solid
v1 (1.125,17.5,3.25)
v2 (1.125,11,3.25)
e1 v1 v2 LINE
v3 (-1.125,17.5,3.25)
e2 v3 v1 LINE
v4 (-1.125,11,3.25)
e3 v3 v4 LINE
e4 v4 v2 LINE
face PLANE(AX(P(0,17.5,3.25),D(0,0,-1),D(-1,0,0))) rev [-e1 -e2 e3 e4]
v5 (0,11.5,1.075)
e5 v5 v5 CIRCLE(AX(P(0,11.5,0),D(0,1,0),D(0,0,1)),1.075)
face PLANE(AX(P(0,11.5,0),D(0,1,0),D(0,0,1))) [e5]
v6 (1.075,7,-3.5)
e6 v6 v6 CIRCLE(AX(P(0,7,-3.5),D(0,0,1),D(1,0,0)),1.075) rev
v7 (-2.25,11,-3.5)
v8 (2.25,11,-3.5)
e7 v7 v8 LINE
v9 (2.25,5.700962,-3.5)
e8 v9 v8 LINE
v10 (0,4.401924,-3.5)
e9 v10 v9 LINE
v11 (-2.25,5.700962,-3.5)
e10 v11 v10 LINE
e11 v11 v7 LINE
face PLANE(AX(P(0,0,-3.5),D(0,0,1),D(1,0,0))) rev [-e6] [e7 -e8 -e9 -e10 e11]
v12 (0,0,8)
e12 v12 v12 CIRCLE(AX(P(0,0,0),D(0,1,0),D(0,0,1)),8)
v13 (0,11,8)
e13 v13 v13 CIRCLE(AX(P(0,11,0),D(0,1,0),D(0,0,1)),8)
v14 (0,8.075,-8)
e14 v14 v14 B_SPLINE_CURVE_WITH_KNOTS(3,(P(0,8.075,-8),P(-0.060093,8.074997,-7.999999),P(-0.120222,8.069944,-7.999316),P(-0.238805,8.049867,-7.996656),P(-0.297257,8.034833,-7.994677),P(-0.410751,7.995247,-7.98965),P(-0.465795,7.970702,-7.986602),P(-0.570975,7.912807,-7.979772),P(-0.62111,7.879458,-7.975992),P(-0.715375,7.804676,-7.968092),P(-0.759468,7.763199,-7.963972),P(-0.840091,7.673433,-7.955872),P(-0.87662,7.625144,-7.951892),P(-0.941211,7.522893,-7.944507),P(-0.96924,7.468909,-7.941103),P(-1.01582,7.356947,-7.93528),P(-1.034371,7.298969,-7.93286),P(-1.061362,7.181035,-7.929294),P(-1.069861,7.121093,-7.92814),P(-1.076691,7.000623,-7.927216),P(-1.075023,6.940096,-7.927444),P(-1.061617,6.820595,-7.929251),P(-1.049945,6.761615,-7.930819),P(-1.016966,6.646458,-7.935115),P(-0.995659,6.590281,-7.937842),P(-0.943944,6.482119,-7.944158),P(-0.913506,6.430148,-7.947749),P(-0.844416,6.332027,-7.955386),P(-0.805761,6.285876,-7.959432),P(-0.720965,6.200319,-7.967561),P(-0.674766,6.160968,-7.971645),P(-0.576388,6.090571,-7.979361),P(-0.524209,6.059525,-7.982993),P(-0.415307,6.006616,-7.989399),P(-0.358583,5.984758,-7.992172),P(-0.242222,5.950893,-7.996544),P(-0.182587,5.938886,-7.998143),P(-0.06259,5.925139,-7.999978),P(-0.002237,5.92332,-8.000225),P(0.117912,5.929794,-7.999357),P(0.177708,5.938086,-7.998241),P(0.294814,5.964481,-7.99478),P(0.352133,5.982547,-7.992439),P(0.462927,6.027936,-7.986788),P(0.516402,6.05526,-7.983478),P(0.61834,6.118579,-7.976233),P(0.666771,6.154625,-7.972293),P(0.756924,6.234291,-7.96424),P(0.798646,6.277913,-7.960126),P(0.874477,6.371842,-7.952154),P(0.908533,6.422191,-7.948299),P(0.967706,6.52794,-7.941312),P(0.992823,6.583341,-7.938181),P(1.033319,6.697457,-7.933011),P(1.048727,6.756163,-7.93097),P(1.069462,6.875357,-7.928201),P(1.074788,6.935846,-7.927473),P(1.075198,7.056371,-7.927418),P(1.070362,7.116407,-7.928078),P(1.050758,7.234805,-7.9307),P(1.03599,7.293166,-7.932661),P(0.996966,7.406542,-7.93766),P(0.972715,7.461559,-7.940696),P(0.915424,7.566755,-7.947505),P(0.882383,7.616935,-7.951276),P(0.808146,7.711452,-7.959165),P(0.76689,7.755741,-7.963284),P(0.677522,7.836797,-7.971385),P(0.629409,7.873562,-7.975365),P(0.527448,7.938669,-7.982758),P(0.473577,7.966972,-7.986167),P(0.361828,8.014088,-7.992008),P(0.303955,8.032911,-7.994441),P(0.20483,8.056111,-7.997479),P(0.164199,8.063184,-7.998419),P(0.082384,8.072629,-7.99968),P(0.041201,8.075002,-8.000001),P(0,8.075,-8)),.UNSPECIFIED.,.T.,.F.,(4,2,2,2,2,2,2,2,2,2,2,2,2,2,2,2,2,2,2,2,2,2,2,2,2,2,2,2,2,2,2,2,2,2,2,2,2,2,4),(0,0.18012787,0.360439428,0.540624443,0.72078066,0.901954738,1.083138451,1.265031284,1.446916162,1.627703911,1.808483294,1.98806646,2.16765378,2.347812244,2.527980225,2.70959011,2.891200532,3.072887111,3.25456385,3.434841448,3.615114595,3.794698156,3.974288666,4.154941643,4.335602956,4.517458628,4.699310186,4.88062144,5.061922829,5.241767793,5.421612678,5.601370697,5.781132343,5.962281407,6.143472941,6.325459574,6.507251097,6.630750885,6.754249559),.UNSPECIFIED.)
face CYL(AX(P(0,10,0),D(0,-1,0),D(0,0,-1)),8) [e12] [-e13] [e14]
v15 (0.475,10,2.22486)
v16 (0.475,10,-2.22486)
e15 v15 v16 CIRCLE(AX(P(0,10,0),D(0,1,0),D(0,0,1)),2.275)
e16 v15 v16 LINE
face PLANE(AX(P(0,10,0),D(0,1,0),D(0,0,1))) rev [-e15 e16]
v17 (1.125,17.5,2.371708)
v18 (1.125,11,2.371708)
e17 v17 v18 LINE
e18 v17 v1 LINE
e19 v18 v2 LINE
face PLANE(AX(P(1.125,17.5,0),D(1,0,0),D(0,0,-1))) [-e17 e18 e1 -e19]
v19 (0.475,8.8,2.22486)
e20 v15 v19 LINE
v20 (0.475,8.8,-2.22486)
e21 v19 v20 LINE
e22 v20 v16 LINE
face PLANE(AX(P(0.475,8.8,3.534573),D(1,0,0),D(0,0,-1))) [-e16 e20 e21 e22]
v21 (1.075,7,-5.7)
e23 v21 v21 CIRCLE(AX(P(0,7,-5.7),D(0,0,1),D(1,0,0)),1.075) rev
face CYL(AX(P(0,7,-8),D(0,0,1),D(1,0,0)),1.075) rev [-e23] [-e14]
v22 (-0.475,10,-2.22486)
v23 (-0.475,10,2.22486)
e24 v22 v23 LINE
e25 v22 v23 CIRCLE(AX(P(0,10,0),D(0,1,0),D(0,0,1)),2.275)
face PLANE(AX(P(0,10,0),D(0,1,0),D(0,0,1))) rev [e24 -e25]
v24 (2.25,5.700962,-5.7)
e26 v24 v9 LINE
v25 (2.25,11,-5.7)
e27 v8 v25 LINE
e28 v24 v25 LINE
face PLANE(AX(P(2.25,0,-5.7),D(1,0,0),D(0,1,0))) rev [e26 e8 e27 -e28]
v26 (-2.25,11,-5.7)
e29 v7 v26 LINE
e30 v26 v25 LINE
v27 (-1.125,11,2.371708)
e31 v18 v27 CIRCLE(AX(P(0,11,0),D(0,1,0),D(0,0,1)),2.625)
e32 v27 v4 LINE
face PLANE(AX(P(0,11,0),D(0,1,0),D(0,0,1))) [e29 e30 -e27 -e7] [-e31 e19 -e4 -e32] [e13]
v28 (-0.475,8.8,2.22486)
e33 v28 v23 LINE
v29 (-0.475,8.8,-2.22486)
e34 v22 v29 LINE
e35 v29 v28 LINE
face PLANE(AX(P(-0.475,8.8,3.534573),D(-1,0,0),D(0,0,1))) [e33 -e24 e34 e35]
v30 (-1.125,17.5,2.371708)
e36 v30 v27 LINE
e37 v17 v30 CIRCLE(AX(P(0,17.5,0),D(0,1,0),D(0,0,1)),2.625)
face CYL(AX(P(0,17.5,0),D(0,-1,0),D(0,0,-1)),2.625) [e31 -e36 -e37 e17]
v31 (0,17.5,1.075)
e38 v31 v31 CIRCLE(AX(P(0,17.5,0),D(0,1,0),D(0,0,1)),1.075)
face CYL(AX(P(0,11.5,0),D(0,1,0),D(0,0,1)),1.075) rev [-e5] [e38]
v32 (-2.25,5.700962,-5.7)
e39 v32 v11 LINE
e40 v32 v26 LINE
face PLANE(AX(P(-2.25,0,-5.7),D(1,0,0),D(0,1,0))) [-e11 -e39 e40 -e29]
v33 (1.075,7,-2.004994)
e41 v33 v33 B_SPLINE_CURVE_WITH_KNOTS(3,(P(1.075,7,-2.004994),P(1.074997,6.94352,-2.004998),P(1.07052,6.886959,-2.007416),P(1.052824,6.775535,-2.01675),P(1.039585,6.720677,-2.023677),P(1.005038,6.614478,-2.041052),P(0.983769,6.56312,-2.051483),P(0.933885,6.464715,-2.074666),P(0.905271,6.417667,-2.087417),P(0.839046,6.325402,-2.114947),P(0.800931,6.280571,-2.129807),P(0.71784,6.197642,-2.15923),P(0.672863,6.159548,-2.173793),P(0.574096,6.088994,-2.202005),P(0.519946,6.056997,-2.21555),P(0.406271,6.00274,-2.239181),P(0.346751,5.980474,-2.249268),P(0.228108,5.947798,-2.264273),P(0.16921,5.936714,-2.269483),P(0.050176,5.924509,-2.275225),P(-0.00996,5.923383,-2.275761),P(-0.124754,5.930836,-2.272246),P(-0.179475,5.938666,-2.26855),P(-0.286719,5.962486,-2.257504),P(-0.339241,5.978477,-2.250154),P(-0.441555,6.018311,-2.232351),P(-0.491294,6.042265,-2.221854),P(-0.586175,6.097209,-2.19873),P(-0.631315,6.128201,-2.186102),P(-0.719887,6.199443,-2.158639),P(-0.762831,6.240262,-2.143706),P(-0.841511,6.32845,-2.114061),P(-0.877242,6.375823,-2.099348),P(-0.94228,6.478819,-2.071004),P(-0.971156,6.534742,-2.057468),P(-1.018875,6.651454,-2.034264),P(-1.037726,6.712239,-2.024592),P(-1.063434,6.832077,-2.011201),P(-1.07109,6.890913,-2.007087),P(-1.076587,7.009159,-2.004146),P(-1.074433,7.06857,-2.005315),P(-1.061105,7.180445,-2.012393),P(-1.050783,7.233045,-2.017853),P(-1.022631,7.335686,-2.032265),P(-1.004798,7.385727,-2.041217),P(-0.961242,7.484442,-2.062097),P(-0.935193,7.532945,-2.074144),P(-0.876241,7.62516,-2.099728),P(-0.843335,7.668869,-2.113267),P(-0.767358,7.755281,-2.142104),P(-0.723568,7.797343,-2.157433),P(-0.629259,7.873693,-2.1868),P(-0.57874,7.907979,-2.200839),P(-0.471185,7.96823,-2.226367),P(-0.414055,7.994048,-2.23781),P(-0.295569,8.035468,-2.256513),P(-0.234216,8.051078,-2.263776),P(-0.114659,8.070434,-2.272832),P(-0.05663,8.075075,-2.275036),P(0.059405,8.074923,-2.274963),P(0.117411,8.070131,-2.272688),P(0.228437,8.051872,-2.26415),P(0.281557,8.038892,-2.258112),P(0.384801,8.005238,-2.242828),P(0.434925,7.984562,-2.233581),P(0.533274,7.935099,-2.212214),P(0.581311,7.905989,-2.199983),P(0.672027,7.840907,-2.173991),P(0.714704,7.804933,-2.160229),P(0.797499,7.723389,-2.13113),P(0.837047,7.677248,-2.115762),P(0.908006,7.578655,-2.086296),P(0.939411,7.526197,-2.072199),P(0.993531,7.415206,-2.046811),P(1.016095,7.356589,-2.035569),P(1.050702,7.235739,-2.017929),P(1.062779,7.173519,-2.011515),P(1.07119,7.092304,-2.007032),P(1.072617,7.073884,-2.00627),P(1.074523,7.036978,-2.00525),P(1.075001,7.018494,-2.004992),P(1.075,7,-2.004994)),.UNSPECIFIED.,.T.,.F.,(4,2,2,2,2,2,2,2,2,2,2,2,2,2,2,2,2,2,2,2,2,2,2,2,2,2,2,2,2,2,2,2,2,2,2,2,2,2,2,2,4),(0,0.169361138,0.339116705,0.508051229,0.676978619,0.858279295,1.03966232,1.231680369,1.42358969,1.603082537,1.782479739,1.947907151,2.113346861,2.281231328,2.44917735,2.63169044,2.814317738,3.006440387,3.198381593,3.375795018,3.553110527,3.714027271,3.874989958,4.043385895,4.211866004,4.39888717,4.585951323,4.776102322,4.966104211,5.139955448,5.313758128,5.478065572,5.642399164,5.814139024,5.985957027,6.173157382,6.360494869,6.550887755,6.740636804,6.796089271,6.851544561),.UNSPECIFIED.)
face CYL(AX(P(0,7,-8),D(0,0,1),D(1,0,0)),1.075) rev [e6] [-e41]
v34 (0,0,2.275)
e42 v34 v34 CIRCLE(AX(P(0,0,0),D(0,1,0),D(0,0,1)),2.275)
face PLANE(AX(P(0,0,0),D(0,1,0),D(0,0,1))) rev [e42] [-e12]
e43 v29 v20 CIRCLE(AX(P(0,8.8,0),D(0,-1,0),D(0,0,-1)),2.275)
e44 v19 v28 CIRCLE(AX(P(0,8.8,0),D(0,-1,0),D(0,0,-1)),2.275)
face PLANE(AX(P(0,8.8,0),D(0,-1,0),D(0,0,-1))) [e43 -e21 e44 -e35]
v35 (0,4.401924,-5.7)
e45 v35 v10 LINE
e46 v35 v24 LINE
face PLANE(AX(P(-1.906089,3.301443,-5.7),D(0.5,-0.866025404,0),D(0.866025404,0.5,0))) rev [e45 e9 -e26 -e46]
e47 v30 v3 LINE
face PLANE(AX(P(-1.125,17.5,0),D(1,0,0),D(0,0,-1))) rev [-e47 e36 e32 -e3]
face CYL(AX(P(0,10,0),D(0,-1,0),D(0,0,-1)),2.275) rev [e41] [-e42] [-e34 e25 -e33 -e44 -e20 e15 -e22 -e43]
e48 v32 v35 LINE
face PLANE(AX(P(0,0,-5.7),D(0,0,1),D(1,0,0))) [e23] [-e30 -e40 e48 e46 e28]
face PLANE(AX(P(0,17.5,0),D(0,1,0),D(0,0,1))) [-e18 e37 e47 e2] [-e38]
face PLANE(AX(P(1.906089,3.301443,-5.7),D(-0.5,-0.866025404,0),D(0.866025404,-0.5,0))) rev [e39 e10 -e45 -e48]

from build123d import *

# Parameters (mm, degrees)
SKETCH1_R           = 8
BOSS_EXTRUDE1_DEPTH = 10
SKETCH2_R           = 1.075
CUT_EXTRUDE1_DEPTH  = 9
SKETCH4_R           = 2.275
CUT_EXTRUDE4_DEPTH  = 11.0000001
SKETCH5_W           = 0.95
SKETCH5_H           = 7.069146706
BOSS_EXTRUDE2_DEPTH = 1.2
SKETCH7_R           = 8
BOSS_EXTRUDE3_DEPTH = 1
SKETCH8_R           = 2.625
SKETCH8_W           = 2.25
SKETCH8_H           = 1.25
BOSS_EXTRUDE4_DEPTH = 6.5
SKETCH9_R           = 1.075
CUT_EXTRUDE5_DEPTH  = 6
CUT_EXTRUDE2_START  = -3.5
CUT_EXTRUDE2_DEPTH  = 2.2


with BuildPart() as part:
    # Sketch1 → Boss-Extrude1 (new body)
    with BuildSketch(Plane(origin=(0, 0, 0), x_dir=(1, 0, 0), z_dir=(0, 1, 0))):
        Circle(SKETCH1_R)
    extrude(amount=BOSS_EXTRUDE1_DEPTH)

    # Sketch2 → Cut-Extrude1 (cut, through all)
    with BuildSketch(Plane.XY):
        with Locations((0, 7)):
            Circle(SKETCH2_R)
    extrude(amount=-CUT_EXTRUDE1_DEPTH, mode=Mode.SUBTRACT)

    # Sketch4 → Cut-Extrude4 (cut, through all)
    with BuildSketch(Plane(origin=(0, 0, 0), x_dir=(1, 0, 0), z_dir=(0, 1, 0))):
        Circle(SKETCH4_R)
    extrude(amount=CUT_EXTRUDE4_DEPTH, mode=Mode.SUBTRACT)

    # Sketch5 → Boss-Extrude2 (add)
    with BuildSketch(Plane(origin=(0, 10, 0), x_dir=(1, 0, 0), z_dir=(0, 1, 0))):
        Rectangle(SKETCH5_W, SKETCH5_H)
    extrude(amount=-BOSS_EXTRUDE2_DEPTH)

    # Sketch7 → Boss-Extrude3 (add)
    with BuildSketch(Plane(origin=(0, 10, 0), x_dir=(1, 0, 0), z_dir=(0, 1, 0))):
        Circle(SKETCH7_R)
    extrude(amount=BOSS_EXTRUDE3_DEPTH)

    # Sketch8 → Boss-Extrude4 (add)
    with BuildSketch(Plane(origin=(0, 11, 0), x_dir=(1, 0, 0), z_dir=(0, 1, 0))):
        Circle(SKETCH8_R)
        with Locations((0, -2.625)):
            Rectangle(SKETCH8_W, SKETCH8_H)
    extrude(amount=BOSS_EXTRUDE4_DEPTH)

    # Sketch9 → Cut-Extrude5 (cut)
    with BuildSketch(Plane(origin=(0, 17.5, 0), x_dir=(1, 0, 0), z_dir=(0, 1, 0))):
        Circle(SKETCH9_R)
    extrude(amount=-CUT_EXTRUDE5_DEPTH, mode=Mode.SUBTRACT)

    # Sketch3 → Cut-Extrude2 (cut)
    with BuildSketch(Plane.XY.offset(CUT_EXTRUDE2_START)):
        Polygon((0, 4.401923789), (2.25, 5.700961894), (2.25, 8.299038106), (2.25, 11.472802467), (-2.25, 11.472802467), (-2.25, 8.299038106), (-2.25, 5.700961894), align=None)
    extrude(amount=-CUT_EXTRUDE2_DEPTH, mode=Mode.SUBTRACT)


solid = part.part
